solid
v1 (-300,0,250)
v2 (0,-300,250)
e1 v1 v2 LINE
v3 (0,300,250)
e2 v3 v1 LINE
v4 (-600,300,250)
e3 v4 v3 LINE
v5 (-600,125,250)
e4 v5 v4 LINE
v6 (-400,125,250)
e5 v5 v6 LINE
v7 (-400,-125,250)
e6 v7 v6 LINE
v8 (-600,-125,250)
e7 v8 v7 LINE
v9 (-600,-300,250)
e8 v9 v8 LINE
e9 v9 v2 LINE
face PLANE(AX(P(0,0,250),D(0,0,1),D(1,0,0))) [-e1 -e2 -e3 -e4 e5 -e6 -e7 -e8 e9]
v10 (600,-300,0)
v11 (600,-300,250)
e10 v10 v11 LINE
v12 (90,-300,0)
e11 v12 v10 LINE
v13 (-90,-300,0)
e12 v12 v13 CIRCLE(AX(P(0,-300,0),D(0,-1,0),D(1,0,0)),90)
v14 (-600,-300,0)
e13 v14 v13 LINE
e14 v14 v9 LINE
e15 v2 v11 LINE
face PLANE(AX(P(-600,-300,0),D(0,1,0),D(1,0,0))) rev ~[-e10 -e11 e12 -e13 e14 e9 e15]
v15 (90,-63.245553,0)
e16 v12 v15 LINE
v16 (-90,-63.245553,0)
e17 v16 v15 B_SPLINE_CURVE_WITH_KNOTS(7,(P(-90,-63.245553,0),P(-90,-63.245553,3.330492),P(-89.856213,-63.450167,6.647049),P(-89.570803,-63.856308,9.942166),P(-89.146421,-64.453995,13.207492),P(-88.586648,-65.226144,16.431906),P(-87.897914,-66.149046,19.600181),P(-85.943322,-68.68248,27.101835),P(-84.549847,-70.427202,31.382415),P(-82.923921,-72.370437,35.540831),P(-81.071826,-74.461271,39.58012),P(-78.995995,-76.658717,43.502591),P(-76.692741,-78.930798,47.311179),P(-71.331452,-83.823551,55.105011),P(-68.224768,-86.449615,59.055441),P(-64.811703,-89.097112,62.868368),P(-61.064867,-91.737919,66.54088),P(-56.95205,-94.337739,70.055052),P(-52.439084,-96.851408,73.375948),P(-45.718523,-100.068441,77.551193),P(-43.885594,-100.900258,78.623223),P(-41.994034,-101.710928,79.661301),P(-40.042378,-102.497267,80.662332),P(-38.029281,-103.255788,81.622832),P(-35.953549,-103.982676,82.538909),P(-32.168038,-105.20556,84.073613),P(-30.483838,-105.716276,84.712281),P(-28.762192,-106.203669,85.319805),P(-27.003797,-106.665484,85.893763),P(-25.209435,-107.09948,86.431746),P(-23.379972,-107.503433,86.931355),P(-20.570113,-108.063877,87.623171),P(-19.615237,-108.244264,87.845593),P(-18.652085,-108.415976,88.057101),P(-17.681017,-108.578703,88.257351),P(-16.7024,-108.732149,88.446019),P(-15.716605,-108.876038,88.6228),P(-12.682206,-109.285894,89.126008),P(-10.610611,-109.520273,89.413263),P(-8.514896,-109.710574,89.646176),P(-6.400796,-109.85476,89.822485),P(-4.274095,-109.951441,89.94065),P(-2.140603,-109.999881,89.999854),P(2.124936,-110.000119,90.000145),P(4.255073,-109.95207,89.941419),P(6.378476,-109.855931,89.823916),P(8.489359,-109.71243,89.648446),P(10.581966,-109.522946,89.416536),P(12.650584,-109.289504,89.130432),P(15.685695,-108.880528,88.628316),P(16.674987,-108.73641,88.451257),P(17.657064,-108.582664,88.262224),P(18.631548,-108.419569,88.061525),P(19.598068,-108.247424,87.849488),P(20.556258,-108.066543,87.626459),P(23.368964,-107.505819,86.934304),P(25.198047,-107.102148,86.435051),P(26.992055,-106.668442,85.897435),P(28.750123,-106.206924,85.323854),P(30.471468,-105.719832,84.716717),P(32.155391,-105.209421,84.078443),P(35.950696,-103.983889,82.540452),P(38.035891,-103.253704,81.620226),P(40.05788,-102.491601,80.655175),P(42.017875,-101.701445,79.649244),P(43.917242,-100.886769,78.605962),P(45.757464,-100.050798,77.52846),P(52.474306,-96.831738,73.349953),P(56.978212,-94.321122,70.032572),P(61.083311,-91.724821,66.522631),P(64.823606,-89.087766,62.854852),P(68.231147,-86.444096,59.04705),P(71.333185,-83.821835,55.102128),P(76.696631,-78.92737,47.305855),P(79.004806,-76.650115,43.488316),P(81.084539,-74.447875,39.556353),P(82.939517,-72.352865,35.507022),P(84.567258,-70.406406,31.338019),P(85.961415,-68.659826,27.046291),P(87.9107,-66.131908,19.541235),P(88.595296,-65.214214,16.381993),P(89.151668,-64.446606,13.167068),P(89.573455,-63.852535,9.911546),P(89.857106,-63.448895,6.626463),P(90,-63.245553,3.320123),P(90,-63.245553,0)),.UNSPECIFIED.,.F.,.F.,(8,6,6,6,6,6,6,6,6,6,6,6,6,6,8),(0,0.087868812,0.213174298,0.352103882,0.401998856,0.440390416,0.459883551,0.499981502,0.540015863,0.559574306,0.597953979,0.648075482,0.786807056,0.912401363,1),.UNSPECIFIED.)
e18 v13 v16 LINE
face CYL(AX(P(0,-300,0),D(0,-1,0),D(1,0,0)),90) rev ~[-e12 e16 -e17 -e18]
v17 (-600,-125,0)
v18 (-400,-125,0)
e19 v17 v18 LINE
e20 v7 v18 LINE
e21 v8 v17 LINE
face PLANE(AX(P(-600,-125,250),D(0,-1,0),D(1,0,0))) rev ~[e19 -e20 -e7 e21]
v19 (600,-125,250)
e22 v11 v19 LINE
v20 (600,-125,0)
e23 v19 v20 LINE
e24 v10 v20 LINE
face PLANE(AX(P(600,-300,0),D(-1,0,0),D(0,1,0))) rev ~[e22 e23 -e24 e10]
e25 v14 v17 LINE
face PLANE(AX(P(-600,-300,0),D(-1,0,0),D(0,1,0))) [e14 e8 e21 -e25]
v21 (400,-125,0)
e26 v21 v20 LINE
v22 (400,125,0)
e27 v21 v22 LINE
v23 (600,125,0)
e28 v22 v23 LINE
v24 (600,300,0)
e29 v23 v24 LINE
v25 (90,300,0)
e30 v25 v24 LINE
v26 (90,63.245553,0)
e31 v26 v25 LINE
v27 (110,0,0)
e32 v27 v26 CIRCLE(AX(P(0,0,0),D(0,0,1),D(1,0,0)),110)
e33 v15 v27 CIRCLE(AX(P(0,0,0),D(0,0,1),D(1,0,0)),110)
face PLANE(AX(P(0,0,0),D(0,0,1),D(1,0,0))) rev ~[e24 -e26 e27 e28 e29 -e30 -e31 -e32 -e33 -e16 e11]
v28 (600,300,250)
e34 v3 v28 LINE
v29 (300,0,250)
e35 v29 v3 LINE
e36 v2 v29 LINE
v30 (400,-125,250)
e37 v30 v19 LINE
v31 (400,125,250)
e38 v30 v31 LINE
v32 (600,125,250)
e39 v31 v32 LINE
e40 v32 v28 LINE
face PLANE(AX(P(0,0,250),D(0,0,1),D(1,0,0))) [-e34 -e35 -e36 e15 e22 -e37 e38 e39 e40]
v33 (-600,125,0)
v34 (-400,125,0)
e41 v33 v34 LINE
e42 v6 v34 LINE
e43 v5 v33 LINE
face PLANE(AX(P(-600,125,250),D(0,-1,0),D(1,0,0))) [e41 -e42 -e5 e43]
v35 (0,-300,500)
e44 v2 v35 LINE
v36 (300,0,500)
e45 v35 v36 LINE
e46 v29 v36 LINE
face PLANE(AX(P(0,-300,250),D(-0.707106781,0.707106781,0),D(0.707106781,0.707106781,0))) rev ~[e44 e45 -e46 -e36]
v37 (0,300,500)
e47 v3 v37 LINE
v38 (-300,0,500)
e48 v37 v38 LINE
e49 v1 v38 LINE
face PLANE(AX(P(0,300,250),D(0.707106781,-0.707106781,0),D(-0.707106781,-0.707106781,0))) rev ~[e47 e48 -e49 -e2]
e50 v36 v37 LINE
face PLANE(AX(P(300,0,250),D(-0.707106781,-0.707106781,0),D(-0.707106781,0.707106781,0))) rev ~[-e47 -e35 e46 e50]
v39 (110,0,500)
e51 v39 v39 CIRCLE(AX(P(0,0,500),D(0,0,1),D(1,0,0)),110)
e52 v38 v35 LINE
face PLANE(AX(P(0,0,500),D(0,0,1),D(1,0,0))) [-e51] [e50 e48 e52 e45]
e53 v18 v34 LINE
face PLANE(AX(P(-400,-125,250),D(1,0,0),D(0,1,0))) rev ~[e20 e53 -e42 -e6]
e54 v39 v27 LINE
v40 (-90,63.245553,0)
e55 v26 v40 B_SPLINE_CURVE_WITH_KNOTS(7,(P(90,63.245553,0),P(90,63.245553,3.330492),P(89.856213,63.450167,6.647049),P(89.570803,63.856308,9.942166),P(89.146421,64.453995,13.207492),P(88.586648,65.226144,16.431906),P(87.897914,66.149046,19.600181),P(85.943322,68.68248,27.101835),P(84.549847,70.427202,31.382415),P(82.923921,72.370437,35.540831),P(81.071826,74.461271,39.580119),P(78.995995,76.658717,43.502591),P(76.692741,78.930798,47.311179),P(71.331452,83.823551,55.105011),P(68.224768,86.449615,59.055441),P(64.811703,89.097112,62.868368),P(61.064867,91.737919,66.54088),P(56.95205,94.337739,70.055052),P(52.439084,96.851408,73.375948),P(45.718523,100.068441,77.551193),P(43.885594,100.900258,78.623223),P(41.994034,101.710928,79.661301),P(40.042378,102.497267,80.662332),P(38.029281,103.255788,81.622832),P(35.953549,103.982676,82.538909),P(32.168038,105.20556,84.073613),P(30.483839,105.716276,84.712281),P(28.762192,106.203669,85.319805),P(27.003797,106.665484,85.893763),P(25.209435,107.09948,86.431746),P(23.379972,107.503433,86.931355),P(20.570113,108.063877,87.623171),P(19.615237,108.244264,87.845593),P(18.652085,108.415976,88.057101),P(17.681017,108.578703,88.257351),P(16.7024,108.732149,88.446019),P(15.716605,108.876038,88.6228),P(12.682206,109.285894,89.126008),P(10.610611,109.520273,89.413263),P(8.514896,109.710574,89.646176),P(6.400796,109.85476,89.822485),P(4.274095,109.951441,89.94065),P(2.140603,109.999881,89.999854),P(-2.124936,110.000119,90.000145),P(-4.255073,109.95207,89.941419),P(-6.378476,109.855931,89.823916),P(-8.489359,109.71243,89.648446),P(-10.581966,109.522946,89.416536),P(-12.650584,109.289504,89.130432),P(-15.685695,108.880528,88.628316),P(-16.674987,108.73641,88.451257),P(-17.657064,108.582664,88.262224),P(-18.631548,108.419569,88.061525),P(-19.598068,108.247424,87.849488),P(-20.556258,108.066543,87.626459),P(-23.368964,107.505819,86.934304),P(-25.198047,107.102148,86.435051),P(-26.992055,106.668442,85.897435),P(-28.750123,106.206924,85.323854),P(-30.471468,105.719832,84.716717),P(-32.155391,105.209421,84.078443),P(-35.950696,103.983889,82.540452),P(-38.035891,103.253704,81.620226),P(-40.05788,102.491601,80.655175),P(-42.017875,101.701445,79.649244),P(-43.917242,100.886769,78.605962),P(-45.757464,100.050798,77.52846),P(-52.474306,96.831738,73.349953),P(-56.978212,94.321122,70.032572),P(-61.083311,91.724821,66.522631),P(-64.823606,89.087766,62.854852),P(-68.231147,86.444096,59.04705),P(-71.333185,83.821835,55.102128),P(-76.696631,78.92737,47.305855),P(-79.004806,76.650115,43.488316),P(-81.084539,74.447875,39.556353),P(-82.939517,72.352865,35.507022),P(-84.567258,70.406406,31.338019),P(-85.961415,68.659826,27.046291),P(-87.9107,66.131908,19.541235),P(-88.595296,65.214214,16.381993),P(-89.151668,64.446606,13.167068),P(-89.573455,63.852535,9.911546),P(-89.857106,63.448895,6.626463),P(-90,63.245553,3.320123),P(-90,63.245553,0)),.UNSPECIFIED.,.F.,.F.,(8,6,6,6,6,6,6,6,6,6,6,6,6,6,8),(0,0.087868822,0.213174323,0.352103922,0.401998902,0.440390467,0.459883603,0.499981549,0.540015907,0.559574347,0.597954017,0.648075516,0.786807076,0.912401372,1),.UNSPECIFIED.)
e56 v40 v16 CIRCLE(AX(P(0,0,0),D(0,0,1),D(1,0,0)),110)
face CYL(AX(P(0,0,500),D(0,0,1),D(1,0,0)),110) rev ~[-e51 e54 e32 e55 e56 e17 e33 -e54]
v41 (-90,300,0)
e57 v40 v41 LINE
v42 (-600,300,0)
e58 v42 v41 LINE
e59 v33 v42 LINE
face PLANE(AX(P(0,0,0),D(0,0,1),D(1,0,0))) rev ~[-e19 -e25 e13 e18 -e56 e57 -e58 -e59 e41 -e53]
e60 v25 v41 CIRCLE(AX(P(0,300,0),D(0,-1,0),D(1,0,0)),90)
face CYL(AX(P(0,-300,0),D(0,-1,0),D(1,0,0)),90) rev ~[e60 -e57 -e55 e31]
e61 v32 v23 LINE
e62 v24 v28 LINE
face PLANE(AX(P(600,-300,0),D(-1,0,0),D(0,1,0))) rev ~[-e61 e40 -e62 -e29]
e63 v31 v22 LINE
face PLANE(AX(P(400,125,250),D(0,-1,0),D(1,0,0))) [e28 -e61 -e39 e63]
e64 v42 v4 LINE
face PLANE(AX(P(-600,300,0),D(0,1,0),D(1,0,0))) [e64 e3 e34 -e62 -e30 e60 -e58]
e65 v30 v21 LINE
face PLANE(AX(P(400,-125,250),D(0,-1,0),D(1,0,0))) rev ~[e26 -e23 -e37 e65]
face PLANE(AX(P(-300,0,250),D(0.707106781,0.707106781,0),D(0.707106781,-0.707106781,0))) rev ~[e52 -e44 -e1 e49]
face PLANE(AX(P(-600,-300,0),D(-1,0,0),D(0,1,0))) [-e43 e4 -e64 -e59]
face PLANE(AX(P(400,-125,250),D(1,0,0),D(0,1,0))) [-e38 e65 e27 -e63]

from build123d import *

# Parameters (mm, degrees)
F0_W     = 1200
F0_H     = 600
F1_DEPTH = 250
F2_W     = 200
F2_H     = 250
F3_DEPTH = 250.001
F5_DEPTH = 250
F6_R     = 110
F7_DEPTH = 500.001
F9_DEPTH = 600.001


with BuildPart() as f1:
    # F0 (on Top) → F1 (new body)
    with BuildSketch(Plane.XY):
        Rectangle(F0_W, F0_H)
    extrude(amount=F1_DEPTH)

    # F2 (on face) → F3 (cut, through all)
    with BuildSketch(Plane.XY.offset(250)):
        with Locations((-500, 0)):
            Rectangle(F2_W, F2_H)
        with Locations((500, 0)):
            Rectangle(F2_W, F2_H)
    extrude(amount=-F3_DEPTH, mode=Mode.SUBTRACT)

    # F4 (on face) → F5 (join)
    with BuildSketch(Plane.XY.offset(250)):
        Polygon((-300, 0), (0, -300), (300, 0), (0, 300), align=None)
    extrude(amount=F5_DEPTH)

    # F6 (on face) → F7 (cut, through all)
    with BuildSketch(Plane.XY.offset(500)):
        Circle(F6_R)
    extrude(amount=-F7_DEPTH, mode=Mode.SUBTRACT)

    # F8 (on face) → F9 (cut, through all)
    with BuildSketch(Plane.XZ.offset(300)):
        with BuildLine():
            Line((-90, 0), (90, 0))
            ThreePointArc((90, 0), (0, 90), (-90, 0))
        make_face()
    extrude(amount=-F9_DEPTH, mode=Mode.SUBTRACT)


solid = f1.part
